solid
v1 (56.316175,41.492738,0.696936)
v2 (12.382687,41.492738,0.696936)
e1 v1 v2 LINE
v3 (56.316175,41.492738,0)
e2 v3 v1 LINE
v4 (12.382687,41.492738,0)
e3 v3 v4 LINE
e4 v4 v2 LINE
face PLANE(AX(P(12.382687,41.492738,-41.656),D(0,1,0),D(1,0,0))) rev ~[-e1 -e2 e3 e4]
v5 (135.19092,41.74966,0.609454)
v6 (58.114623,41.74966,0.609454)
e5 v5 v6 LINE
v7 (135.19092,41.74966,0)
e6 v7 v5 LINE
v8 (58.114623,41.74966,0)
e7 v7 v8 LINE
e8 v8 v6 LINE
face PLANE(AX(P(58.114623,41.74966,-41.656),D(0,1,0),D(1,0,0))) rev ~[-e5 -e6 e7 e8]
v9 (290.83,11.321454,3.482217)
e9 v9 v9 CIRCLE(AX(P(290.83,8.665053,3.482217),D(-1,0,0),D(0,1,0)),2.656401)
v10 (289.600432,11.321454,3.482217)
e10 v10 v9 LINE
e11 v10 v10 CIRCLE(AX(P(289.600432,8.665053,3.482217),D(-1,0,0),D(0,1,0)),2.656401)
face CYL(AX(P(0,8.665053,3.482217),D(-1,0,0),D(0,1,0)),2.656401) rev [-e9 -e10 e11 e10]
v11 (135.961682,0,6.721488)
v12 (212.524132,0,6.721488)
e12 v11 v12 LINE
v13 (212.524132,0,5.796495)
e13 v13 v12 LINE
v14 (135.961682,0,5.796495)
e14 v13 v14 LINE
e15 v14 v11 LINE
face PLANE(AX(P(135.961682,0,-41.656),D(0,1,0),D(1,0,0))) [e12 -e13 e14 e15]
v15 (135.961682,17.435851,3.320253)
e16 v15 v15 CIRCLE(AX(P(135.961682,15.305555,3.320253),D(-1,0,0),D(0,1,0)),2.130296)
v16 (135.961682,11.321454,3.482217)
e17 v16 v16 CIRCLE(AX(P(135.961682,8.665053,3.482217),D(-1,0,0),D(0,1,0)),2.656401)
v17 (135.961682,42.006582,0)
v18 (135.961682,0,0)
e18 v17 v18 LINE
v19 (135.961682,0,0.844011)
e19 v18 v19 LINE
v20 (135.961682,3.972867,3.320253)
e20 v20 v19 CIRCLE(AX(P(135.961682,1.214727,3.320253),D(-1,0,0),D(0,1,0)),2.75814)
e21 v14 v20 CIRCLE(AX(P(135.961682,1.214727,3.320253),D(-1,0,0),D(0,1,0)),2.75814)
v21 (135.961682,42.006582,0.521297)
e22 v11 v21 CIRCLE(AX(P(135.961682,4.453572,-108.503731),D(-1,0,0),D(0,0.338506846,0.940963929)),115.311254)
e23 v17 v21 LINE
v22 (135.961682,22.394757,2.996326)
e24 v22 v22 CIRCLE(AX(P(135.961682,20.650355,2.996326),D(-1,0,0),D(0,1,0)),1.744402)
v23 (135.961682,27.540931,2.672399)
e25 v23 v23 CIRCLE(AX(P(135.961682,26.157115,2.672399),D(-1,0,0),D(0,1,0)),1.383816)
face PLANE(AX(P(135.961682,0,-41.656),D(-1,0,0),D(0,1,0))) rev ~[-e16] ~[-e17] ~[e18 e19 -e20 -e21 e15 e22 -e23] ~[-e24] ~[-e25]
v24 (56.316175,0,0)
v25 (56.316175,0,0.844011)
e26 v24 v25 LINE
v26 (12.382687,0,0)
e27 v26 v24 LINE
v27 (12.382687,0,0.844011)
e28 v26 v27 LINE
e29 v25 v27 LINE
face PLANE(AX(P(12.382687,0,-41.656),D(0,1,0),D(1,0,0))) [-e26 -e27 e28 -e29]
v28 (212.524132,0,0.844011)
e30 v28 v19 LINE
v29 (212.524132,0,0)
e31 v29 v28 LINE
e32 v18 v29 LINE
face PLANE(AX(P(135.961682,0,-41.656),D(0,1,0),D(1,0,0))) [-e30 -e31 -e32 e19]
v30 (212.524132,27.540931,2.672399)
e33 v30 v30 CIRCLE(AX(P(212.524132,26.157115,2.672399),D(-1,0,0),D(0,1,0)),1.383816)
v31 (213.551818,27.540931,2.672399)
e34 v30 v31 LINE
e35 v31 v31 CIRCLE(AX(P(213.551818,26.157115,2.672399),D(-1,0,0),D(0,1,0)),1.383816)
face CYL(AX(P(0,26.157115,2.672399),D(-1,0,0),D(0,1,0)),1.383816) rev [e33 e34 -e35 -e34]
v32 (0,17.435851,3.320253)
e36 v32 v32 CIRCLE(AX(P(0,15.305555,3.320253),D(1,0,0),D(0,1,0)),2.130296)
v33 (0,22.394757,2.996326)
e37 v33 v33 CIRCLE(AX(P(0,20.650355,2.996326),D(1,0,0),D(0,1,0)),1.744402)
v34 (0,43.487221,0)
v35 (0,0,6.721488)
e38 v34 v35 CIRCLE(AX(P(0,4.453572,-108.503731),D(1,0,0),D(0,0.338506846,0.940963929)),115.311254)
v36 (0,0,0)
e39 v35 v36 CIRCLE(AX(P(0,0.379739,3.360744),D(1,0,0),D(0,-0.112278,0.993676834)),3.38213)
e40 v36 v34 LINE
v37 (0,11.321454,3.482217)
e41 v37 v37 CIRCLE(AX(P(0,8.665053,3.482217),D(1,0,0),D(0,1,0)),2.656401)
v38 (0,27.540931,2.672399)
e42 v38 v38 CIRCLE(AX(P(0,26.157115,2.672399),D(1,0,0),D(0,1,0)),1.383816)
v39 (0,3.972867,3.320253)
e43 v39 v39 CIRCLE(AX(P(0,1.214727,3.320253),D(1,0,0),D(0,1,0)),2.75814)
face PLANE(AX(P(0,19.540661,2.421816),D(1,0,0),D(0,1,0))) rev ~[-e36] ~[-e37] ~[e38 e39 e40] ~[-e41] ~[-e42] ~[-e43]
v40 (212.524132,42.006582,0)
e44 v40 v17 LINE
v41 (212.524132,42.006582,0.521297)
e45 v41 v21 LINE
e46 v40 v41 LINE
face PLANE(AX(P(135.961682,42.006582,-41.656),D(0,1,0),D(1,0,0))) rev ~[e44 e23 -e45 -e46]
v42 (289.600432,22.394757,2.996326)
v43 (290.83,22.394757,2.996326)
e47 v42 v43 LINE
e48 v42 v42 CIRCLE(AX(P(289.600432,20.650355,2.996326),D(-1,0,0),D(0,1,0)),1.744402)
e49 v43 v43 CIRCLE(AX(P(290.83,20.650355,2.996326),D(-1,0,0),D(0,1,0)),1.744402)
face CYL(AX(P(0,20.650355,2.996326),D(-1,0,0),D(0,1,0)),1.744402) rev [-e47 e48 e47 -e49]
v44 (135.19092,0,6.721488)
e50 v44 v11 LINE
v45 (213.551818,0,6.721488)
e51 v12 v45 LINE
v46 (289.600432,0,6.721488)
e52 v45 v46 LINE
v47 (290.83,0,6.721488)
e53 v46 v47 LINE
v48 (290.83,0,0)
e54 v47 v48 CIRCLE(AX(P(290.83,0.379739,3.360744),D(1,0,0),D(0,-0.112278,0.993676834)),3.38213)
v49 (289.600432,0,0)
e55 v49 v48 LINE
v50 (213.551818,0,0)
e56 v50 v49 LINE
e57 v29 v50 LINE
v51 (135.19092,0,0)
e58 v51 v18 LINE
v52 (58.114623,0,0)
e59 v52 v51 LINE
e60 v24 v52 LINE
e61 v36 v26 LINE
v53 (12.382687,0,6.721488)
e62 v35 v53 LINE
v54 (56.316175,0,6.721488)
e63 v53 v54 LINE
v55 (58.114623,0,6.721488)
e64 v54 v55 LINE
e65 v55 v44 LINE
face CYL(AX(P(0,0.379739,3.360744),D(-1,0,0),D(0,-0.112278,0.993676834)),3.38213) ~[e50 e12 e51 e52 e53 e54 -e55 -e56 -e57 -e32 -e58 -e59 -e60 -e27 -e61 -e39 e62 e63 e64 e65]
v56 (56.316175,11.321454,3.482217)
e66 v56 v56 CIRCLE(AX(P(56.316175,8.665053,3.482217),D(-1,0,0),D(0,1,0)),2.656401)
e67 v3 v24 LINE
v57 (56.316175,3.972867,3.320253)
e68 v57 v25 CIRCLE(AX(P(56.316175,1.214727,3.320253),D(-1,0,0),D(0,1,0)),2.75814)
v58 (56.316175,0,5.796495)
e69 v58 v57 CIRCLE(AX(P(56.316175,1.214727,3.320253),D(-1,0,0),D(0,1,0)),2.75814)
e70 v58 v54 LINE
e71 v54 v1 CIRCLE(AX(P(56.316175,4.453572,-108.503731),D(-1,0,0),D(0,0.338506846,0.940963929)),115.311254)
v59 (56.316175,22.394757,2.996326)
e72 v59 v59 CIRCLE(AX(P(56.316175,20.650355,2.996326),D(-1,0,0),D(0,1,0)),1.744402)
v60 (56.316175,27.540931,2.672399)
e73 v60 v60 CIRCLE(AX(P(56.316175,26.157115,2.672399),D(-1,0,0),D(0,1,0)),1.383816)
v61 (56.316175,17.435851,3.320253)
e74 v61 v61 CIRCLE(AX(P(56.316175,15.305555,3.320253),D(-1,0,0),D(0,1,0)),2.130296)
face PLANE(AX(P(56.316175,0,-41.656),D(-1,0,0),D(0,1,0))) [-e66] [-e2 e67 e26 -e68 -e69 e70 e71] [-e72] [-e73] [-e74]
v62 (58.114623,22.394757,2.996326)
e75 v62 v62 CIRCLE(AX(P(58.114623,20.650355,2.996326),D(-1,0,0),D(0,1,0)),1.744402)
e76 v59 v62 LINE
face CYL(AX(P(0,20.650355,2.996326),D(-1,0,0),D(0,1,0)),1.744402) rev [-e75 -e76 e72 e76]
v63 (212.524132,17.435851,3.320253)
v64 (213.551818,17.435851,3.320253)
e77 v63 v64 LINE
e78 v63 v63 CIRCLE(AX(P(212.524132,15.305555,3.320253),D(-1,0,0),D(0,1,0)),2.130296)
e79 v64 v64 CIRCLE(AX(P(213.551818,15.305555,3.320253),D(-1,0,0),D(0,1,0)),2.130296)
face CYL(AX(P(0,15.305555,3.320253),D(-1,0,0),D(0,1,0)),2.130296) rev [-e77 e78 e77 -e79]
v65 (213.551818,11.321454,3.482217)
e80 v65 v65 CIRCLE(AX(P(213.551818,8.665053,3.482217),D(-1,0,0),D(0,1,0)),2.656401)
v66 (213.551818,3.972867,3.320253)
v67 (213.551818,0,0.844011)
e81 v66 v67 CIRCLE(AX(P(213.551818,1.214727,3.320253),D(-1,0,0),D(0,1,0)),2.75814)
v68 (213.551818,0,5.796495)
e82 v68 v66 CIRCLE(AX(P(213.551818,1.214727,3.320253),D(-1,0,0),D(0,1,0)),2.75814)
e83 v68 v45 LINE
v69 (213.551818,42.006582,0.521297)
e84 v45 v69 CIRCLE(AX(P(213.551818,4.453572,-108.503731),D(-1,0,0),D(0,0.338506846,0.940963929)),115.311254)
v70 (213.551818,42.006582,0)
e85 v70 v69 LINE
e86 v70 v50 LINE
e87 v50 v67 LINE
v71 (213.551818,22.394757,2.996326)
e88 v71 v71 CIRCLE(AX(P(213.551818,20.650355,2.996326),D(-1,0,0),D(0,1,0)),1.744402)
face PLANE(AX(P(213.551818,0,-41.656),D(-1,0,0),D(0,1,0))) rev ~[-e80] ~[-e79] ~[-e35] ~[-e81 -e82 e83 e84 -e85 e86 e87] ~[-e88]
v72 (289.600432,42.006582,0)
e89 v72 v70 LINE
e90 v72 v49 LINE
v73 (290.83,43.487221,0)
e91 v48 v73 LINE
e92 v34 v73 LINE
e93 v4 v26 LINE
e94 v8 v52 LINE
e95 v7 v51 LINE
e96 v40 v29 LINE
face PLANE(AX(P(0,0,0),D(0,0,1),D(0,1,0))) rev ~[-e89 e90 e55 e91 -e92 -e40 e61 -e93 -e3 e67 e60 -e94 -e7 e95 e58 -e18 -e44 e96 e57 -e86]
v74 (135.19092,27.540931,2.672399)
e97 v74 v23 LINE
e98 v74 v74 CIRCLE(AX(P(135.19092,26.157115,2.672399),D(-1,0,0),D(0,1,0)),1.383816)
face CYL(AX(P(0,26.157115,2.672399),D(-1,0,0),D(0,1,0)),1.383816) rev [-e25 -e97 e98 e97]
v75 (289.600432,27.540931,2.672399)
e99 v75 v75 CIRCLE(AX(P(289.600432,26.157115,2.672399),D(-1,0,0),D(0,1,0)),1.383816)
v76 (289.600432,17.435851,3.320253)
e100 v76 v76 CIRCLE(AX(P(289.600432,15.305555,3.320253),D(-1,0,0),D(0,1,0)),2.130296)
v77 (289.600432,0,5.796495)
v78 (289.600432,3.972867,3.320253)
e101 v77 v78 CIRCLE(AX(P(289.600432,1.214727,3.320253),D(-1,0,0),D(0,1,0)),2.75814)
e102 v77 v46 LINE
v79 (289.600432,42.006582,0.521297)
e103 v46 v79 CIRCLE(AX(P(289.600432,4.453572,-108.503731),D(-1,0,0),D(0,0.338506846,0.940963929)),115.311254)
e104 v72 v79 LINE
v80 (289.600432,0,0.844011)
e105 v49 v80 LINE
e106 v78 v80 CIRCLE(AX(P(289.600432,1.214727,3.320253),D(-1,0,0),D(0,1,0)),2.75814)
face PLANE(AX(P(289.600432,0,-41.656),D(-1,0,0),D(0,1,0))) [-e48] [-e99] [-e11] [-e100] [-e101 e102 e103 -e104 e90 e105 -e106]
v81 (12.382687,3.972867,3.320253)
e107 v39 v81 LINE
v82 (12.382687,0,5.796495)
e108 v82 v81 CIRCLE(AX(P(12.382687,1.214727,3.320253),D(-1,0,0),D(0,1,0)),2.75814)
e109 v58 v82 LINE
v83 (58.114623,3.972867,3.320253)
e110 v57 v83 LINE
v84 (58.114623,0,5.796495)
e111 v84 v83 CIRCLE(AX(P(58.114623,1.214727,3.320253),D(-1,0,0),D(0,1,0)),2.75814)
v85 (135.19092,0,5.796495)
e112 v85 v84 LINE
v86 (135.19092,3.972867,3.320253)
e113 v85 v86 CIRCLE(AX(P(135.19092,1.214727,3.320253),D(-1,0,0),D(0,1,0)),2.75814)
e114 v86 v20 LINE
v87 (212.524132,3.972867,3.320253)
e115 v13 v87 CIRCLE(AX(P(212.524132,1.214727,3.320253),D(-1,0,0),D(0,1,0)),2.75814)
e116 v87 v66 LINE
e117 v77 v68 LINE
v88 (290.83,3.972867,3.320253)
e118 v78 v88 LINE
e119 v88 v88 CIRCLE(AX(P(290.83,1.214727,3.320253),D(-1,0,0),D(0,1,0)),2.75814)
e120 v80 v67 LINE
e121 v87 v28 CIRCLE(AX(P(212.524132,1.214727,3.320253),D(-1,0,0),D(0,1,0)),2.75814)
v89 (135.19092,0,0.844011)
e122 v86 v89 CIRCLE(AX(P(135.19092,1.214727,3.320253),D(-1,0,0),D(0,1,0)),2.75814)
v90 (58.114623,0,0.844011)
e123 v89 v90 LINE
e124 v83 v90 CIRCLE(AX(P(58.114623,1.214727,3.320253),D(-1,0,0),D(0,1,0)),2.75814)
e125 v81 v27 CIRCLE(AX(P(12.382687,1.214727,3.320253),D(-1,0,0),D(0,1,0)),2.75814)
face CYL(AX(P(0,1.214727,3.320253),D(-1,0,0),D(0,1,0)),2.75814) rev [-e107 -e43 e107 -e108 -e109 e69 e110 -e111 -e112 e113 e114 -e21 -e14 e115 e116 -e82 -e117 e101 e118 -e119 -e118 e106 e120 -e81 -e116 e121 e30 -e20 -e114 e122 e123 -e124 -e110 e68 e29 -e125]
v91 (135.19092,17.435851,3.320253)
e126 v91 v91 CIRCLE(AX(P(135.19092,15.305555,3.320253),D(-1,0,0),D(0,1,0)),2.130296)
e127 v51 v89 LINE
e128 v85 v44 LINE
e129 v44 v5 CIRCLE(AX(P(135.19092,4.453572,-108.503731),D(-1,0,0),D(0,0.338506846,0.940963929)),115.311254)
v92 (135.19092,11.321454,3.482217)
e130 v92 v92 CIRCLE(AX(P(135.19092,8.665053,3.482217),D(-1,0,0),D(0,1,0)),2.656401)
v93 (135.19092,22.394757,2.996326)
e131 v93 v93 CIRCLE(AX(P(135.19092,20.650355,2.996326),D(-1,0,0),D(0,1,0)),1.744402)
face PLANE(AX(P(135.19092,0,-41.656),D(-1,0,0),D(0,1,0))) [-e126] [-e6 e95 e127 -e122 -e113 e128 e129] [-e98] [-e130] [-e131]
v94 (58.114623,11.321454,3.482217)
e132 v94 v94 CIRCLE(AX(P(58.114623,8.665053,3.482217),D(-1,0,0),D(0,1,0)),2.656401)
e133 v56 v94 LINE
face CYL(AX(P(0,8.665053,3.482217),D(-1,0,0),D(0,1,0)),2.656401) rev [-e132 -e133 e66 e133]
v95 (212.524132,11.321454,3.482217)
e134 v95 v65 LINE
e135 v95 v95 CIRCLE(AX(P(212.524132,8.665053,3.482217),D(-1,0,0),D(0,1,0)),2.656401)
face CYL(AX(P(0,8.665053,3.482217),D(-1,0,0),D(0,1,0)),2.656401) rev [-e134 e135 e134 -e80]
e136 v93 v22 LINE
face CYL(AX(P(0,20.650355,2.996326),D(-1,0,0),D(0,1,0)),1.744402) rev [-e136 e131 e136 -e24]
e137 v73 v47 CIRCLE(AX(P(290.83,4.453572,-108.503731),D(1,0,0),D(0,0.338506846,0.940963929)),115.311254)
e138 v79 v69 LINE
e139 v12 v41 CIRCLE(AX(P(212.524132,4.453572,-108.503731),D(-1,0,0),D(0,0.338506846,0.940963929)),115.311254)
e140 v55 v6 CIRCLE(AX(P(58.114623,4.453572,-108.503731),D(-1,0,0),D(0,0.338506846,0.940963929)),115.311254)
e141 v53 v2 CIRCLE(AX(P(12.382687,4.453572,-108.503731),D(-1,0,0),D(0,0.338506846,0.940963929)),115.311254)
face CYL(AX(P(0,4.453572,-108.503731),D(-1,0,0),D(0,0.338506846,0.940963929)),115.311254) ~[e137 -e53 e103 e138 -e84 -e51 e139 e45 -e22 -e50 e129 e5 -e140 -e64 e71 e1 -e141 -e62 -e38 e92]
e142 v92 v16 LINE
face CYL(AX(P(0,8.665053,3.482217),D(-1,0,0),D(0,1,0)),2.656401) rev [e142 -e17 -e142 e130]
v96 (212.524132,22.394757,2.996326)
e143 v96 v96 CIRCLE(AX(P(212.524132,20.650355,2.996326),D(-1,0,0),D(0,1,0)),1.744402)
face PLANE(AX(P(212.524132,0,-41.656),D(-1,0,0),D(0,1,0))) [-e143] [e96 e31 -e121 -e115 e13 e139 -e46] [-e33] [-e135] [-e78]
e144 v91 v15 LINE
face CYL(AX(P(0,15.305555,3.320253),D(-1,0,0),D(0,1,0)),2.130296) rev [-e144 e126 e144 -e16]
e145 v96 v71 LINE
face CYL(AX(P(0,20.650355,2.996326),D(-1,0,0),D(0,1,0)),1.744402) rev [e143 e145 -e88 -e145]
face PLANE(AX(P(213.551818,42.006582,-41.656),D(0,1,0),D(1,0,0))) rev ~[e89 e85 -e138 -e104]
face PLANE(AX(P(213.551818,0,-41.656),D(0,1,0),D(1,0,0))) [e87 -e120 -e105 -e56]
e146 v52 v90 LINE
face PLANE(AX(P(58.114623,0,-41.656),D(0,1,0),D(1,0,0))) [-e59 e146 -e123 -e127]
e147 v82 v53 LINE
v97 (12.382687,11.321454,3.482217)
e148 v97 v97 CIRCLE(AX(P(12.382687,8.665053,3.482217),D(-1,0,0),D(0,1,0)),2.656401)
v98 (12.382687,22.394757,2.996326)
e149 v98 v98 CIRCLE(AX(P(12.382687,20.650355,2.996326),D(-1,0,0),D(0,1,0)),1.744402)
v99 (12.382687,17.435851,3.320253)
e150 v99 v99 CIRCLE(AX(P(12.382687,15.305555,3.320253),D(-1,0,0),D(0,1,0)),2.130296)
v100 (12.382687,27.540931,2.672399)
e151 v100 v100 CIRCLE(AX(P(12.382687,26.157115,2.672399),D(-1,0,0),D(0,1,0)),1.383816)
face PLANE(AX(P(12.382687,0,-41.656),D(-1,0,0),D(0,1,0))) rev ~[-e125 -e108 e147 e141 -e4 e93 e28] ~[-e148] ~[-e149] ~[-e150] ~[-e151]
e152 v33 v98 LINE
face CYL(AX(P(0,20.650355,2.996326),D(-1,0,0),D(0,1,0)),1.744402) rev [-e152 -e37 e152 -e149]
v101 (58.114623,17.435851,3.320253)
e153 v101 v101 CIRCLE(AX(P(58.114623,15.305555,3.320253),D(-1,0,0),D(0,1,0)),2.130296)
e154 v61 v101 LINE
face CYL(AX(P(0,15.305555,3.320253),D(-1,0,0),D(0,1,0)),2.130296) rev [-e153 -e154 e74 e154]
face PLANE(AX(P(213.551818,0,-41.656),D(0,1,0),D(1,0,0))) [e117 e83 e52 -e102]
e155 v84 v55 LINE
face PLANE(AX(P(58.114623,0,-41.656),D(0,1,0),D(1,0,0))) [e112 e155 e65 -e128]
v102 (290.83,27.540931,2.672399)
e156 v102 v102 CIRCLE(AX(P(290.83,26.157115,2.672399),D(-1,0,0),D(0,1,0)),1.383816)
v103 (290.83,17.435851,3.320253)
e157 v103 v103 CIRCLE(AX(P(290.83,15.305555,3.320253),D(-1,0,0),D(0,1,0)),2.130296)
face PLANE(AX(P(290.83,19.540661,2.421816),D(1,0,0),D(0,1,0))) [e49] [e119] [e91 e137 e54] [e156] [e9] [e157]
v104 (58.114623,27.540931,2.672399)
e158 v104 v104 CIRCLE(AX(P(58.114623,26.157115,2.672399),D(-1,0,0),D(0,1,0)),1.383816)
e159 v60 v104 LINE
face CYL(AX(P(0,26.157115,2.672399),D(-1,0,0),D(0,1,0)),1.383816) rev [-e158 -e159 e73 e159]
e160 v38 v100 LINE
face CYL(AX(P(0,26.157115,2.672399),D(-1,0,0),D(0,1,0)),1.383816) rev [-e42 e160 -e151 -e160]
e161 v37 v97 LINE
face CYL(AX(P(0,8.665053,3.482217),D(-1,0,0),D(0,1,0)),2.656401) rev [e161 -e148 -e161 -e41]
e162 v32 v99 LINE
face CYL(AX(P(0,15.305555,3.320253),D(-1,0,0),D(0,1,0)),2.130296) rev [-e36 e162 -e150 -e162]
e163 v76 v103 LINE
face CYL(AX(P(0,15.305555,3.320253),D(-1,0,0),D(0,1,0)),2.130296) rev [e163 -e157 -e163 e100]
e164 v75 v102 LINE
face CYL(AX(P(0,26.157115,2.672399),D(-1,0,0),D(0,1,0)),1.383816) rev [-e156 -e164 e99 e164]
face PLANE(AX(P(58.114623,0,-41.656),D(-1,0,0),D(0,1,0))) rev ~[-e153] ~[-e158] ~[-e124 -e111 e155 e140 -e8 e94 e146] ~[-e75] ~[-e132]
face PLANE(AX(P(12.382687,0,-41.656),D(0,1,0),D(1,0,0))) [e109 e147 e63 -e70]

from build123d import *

# Parameters (mm, degrees)
F1_DEPTH  = 290.83
F2_R      = 2.75814
F3_DEPTH  = 488.95
F4_R      = 2.656401
F5_DEPTH  = 389.89
F6_R      = 2.130296
F7_DEPTH  = 366.268
F8_R      = 1.744402
F9_DEPTH  = 536.702
F10_R     = 1.383816
F11_DEPTH = 596.646
F13_W     = 76.048613
F13_H     = 42.006582
F14_DEPTH = 226.06
F15_W     = 76.562449
F15_H     = 42.006582
F16_DEPTH = 224.028
F17_W     = 77.076297
F17_H     = 41.74966
F18_DEPTH = 220.98
F19_W     = 43.933488
F19_H     = 41.492738
F20_DEPTH = 92.71


with BuildPart() as f1:
    # F0 (on Right) → F1 (new body)
    with BuildSketch(Plane.YZ):
        with BuildLine():
            ThreePointArc((43.487221, 0), (22.067204, 5.454355), (0, 6.721488))
            ThreePointArc((0, 6.721488), (-3.002391, 3.360744), (0, 0))
            Line((0, 0), (43.487221, 0))
        make_face()
    extrude(amount=F1_DEPTH)

    # F2 (on Right) → F3 (cut)
    with BuildSketch(Plane.YZ):
        with Locations((1.214727, 3.320253)):
            Circle(F2_R)
    extrude(amount=F3_DEPTH, mode=Mode.SUBTRACT)

    # F4 (on Right) → F5 (cut)
    with BuildSketch(Plane.YZ):
        with Locations((8.665053, 3.482217)):
            Circle(F4_R)
    extrude(amount=F5_DEPTH, mode=Mode.SUBTRACT)

    # F6 (on Right) → F7 (cut)
    with BuildSketch(Plane.YZ):
        with Locations((15.305555, 3.320253)):
            Circle(F6_R)
    extrude(amount=F7_DEPTH, mode=Mode.SUBTRACT)

    # F8 (on Right) → F9 (cut)
    with BuildSketch(Plane.YZ):
        with Locations((20.650355, 2.996326)):
            Circle(F8_R)
    extrude(amount=F9_DEPTH, mode=Mode.SUBTRACT)

    # F10 (on Right) → F11 (cut)
    with BuildSketch(Plane.YZ):
        with Locations((26.157115, 2.672399)):
            Circle(F10_R)
    extrude(amount=F11_DEPTH, mode=Mode.SUBTRACT)

    # F13 (on offset) → F14 (cut)
    with BuildSketch(Plane.XY.offset(-41.656)):
        with Locations((251.576125, 21.003291)):
            Rectangle(F13_W, F13_H)
    extrude(amount=F14_DEPTH, mode=Mode.SUBTRACT)

    # F15 (on offset) → F16 (cut)
    with BuildSketch(Plane.XY.offset(-41.656)):
        with Locations((174.242907, 21.003291)):
            Rectangle(F15_W, F15_H)
    extrude(amount=F16_DEPTH, mode=Mode.SUBTRACT)

    # F17 (on offset) → F18 (cut)
    with BuildSketch(Plane.XY.offset(-41.656)):
        with Locations((96.652771, 20.87483)):
            Rectangle(F17_W, F17_H)
    extrude(amount=F18_DEPTH, mode=Mode.SUBTRACT)

    # F19 (on offset) → F20 (cut)
    with BuildSketch(Plane.XY.offset(-41.656)):
        with Locations((34.349431, 20.746369)):
            Rectangle(F19_W, F19_H)
    extrude(amount=F20_DEPTH, mode=Mode.SUBTRACT)


solid = f1.part
